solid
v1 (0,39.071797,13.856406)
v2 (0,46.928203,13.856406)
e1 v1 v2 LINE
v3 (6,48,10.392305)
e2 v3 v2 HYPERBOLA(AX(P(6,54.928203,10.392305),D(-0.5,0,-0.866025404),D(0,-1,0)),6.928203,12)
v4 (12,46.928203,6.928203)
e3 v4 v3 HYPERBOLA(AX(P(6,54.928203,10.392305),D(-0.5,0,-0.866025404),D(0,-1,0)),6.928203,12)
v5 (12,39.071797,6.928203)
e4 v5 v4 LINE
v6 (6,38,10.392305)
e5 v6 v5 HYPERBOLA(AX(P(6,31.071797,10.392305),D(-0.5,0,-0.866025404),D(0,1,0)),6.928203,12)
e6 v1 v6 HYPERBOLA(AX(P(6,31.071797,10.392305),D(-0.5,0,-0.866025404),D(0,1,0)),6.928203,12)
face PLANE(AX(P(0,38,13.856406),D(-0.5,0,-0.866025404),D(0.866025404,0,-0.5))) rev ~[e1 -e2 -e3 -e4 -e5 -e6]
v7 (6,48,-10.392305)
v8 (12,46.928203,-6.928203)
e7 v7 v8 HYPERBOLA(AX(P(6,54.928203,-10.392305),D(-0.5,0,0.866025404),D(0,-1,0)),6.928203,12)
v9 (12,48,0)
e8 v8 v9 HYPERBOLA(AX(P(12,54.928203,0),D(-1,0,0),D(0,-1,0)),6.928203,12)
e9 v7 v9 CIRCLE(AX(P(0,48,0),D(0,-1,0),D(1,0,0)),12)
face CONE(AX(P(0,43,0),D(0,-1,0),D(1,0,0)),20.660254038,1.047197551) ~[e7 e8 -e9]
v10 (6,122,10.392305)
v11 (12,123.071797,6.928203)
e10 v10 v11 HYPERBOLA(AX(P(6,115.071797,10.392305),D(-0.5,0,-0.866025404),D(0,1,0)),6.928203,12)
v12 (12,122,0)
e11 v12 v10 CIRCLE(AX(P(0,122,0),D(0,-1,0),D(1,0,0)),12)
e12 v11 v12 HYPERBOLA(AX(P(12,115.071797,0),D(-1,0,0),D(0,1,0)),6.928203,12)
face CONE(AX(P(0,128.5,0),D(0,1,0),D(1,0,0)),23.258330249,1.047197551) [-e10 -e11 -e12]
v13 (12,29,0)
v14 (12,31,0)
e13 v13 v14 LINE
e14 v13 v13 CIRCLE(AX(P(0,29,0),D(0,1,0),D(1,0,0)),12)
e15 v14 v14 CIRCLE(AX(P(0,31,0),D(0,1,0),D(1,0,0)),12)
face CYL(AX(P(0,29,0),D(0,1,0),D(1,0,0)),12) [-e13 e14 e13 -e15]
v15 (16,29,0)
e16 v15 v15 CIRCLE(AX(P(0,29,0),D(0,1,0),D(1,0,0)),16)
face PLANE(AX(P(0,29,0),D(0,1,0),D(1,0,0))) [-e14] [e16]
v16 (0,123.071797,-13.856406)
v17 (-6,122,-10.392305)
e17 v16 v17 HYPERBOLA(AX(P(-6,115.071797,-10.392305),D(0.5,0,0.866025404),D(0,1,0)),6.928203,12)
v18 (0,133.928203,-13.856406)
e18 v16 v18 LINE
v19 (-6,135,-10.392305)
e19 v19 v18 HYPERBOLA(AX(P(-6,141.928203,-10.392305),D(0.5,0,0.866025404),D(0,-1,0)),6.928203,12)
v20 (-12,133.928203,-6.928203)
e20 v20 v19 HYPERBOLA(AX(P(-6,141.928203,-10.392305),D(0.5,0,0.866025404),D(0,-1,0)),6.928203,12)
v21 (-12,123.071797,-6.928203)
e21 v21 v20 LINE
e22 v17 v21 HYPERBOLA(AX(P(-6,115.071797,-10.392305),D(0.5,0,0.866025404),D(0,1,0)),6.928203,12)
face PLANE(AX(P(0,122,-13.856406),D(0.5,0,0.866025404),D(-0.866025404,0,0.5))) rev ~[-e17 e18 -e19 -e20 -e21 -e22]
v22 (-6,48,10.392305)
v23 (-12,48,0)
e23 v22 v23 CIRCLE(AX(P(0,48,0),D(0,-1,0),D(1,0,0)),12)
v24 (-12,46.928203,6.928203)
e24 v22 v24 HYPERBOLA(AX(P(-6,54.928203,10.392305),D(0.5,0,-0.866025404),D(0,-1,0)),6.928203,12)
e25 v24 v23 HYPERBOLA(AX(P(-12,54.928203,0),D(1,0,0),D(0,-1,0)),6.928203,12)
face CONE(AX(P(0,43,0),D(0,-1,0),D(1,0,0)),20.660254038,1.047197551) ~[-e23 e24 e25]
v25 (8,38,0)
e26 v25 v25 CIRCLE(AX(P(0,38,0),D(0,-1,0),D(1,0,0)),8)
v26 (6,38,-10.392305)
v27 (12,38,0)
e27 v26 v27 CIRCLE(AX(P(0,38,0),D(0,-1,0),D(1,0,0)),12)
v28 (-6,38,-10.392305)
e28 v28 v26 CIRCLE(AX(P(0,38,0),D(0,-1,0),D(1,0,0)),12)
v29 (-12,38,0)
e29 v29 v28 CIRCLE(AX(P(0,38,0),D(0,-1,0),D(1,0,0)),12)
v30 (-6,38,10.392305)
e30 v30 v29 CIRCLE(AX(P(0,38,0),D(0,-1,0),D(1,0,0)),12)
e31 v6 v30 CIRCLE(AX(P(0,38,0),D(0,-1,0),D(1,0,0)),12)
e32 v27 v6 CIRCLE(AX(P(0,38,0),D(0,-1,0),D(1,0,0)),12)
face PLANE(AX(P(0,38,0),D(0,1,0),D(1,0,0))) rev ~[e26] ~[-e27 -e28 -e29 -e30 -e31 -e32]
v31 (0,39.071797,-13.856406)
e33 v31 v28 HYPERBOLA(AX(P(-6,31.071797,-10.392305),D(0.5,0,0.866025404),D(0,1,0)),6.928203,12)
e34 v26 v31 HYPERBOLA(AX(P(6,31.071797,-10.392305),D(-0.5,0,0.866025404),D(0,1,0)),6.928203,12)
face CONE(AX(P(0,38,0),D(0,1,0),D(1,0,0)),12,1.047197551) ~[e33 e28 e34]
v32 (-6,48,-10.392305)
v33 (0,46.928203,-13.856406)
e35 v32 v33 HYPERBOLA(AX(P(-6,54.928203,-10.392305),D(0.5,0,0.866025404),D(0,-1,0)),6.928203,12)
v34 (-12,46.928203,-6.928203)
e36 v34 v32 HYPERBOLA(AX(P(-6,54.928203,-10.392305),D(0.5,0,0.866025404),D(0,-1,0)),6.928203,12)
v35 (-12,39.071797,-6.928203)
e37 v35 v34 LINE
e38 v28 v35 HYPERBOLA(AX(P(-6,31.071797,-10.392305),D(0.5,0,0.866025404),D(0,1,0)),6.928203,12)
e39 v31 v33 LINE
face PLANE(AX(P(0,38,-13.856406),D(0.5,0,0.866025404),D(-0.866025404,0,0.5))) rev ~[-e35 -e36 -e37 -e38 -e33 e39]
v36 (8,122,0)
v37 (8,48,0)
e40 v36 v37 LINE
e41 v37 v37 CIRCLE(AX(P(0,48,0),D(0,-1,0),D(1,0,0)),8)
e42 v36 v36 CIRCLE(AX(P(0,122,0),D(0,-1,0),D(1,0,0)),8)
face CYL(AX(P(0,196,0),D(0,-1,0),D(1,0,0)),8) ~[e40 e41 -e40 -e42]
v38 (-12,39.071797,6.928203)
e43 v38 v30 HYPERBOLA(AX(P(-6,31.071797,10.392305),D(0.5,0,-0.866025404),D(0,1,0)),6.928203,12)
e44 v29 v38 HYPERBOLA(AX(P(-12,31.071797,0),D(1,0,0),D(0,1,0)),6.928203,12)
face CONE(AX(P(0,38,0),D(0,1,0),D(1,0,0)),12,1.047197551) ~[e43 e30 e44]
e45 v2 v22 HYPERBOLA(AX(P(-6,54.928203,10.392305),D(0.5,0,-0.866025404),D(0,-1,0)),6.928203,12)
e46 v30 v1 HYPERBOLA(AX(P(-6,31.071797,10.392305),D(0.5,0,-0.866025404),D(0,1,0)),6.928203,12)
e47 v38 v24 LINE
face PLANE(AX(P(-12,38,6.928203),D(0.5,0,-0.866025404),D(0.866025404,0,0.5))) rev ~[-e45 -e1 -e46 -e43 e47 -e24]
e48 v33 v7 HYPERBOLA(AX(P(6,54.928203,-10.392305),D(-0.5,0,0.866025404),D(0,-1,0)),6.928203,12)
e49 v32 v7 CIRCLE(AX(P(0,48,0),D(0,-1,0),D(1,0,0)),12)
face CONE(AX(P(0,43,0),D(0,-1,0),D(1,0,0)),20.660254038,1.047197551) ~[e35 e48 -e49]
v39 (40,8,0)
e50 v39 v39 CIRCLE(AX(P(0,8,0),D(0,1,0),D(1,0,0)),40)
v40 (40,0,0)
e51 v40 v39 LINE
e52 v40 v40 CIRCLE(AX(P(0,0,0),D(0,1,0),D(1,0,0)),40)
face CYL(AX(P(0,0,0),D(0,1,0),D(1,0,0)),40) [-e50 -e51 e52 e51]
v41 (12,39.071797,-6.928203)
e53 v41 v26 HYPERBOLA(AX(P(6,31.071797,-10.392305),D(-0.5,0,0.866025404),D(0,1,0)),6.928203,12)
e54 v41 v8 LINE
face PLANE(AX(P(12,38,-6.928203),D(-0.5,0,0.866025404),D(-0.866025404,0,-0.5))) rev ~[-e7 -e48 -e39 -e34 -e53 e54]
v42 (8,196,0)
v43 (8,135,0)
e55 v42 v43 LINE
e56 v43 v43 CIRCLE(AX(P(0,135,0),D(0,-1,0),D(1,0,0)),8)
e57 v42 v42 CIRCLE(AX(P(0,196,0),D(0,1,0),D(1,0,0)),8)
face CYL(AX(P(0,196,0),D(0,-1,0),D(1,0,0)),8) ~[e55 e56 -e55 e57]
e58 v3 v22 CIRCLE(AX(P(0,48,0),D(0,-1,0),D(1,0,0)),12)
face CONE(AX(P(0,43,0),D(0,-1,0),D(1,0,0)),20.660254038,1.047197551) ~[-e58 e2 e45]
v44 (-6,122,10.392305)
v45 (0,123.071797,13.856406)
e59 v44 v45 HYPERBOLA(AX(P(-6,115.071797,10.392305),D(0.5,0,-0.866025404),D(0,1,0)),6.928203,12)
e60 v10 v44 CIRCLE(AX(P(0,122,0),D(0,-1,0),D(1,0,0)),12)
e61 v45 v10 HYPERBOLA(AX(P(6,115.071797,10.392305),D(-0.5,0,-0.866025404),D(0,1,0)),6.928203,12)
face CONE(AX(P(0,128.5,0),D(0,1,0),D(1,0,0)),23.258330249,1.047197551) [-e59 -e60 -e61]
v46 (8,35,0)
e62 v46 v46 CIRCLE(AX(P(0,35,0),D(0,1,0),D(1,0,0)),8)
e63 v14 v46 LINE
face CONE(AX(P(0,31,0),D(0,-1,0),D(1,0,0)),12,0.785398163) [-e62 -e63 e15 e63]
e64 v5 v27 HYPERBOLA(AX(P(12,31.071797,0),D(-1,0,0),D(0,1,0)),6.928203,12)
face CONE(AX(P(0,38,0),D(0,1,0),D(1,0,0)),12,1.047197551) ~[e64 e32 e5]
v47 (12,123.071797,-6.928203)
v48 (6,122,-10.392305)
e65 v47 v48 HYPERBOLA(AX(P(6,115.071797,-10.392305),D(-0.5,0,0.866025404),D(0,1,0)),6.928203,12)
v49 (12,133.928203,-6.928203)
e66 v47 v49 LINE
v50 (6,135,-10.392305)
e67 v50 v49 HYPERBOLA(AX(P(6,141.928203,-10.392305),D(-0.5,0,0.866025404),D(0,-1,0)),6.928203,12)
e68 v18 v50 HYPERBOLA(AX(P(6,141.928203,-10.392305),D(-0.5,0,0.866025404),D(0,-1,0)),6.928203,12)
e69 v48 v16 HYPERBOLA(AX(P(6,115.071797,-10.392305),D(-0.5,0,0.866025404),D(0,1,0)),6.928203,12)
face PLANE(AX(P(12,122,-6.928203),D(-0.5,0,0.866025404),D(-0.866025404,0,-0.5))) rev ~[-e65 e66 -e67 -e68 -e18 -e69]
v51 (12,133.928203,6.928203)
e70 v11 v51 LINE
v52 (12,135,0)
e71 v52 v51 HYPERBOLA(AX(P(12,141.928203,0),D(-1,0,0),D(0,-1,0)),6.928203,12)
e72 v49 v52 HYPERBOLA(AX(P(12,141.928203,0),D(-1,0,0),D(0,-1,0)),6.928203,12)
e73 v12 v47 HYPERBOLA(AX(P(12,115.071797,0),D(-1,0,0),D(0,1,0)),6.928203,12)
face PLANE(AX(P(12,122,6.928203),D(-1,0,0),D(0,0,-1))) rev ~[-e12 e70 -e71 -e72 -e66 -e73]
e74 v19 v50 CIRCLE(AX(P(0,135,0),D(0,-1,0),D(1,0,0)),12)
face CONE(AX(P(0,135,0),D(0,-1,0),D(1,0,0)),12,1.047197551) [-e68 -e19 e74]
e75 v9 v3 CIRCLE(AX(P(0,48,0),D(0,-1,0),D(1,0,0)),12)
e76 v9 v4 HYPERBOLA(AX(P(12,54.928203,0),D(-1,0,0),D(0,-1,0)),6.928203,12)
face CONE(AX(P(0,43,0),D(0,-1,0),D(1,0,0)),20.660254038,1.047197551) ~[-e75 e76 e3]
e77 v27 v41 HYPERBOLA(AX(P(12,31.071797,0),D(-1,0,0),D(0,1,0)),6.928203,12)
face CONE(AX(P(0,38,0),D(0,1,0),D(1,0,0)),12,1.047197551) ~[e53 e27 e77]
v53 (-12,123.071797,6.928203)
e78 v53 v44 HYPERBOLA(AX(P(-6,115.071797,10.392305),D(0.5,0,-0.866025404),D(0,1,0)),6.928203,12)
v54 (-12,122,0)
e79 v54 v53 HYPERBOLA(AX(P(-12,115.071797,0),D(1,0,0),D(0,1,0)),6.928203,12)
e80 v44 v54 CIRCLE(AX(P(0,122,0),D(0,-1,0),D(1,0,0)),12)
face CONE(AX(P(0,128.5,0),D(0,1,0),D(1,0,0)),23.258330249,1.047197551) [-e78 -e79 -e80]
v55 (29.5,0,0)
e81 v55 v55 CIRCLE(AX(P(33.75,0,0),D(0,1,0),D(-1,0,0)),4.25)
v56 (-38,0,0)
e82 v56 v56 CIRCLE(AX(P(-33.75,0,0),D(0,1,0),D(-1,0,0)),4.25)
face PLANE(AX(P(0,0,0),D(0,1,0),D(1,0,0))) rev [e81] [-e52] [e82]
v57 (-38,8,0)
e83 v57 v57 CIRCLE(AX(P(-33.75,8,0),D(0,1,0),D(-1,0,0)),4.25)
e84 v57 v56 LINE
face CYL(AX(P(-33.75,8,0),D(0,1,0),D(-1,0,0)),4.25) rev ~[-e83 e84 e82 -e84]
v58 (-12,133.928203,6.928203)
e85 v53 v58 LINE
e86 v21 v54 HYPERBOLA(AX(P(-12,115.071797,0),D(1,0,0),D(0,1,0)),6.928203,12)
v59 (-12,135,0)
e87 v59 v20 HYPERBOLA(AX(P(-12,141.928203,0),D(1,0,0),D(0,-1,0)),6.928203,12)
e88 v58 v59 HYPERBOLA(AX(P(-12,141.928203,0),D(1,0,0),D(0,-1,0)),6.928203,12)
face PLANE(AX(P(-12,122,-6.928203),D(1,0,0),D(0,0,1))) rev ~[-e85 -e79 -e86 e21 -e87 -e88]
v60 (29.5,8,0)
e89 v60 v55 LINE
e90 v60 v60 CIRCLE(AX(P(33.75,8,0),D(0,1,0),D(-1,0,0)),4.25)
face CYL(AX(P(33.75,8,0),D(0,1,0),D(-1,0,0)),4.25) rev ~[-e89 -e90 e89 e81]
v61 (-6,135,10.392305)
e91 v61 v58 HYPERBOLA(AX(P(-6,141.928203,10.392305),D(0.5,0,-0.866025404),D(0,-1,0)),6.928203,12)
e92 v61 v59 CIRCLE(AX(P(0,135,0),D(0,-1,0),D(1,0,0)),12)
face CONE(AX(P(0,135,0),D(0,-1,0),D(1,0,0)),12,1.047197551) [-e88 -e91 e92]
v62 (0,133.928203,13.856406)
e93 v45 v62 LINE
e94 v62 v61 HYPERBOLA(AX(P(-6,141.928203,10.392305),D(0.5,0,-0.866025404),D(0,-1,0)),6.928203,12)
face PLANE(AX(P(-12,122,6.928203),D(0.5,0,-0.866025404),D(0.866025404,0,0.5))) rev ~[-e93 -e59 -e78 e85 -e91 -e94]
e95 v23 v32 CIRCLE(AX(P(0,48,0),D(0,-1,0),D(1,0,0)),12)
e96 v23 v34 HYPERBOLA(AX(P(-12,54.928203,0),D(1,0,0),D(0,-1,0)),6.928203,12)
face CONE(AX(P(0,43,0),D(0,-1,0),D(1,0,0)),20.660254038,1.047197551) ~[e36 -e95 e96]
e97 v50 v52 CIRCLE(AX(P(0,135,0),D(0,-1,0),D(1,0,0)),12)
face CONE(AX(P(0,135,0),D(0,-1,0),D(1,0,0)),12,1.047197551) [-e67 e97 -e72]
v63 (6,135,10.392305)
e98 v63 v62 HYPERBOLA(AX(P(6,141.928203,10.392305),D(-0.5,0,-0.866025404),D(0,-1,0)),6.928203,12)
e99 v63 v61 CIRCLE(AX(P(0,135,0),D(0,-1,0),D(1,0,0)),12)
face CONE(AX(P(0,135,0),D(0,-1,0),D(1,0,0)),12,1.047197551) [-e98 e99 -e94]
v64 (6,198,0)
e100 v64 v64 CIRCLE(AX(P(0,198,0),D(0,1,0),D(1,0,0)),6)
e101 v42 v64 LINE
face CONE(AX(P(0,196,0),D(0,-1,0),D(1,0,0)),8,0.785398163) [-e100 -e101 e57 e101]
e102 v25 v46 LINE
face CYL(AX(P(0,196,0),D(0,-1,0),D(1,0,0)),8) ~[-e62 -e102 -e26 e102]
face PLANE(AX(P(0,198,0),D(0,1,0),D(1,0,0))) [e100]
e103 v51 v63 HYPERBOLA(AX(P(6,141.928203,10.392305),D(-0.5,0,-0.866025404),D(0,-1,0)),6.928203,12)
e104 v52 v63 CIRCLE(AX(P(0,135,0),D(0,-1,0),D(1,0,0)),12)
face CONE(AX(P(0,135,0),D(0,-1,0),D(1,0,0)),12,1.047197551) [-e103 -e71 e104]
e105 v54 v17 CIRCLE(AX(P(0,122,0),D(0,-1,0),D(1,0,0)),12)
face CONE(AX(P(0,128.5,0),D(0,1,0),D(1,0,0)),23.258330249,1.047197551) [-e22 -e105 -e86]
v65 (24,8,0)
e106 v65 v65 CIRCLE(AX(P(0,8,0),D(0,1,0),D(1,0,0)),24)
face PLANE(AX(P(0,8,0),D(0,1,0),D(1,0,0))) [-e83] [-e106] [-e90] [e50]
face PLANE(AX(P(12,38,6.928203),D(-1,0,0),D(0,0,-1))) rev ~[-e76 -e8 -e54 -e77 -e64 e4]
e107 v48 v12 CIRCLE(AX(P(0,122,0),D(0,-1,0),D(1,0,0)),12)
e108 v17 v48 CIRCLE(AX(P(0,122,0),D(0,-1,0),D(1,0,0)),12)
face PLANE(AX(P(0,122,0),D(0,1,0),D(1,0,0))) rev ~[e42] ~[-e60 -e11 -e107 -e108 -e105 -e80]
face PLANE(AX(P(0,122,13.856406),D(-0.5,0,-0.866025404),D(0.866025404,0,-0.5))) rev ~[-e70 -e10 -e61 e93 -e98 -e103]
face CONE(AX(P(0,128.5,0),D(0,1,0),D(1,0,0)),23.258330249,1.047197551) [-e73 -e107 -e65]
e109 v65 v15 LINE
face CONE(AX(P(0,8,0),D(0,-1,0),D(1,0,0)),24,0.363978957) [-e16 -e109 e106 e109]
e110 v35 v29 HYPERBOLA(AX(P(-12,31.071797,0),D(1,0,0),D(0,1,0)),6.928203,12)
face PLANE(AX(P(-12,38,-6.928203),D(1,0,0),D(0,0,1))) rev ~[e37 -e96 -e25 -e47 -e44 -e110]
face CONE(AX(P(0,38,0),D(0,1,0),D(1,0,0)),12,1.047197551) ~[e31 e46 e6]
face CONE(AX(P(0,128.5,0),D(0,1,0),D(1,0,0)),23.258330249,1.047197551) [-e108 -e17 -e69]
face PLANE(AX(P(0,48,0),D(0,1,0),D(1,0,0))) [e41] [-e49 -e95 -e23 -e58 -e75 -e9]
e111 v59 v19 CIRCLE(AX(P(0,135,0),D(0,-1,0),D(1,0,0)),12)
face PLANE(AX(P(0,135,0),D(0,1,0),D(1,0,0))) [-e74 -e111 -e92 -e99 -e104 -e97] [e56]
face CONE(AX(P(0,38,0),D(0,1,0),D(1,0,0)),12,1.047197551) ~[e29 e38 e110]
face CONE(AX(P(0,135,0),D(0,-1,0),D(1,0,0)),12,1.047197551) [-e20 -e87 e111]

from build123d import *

# Parameters (mm, degrees)
EXTRUDE_1_DEPTH     = 10
EXTRUDE_2_DEPTH     = 13
SKETCH_5_R          = 4.25
CUT_EXTRUDE_1_DEPTH = 9


with BuildPart() as part:
    # Эскиз1 → Повернуть1 (revolve)
    with BuildSketch(Plane.XY, mode=Mode.PRIVATE) as revolve_1_sk:
        Polygon((0, 0), (-40, 0), (-40, 8), (-24, 8), (-16, 29), (-12, 29), (-12, 31), (-8, 35), (-8, 38), (-8, 48), (-8, 196), (-6, 198), (0, 198), align=None)
    revolve(revolve_1_sk.sketch.rotate(Axis((0, 0, 0), (0, 1, 0)), 180), axis=Axis((0, 0, 0), (0, 1, 0)))  # turned: the seam where the file's is

    # Эскиз2 → Бобышка-Вытянуть1 (add)
    with BuildSketch(Plane(origin=(0, 38, 0), x_dir=(1, 0, 0), z_dir=(0, 1, 0))):
        Polygon((0, 13.856406461), (-12, 6.92820323), (-12, -6.92820323), (0, -13.856406461), (12, -6.92820323), (12, 6.92820323), align=None)
    extrude(amount=EXTRUDE_1_DEPTH)

    # Эскиз3 → Бобышка-Вытянуть2 (add)
    with BuildSketch(Plane(origin=(0, 122, 0), x_dir=(1, 0, 0), z_dir=(0, 1, 0))):
        Polygon((12, 6.92820323), (0, 13.856406461), (-12, 6.92820323), (-12, -6.92820323), (0, -13.856406461), (12, -6.92820323), align=None)
    extrude(amount=EXTRUDE_2_DEPTH)

    # Эскиз4 → Вырез-Повернуть2 (revolve, cut)
    with BuildSketch(Plane.XY, mode=Mode.PRIVATE) as cut_revolve_2_sk:
        Polygon((-23.258330249, 135), (-12, 135), (-23.258330249, 128.5), align=None)
        Polygon((-23.258330249, 122), (-23.258330249, 128.5), (-12, 122), align=None)
        Polygon((-20.660254038, 48), (-20.660254038, 43), (-12, 48), align=None)
        Polygon((-20.660254038, 43), (-20.660254038, 38), (-12, 38), align=None)
    revolve(cut_revolve_2_sk.sketch.rotate(Axis((0, 198, 0), (0, -1, 0)), 180), axis=Axis((0, 198, 0), (0, -1, 0)), mode=Mode.SUBTRACT)  # turned: the seam where the file's is

    # Эскиз5 → Вырез-Вытянуть1 (cut, through all)
    with BuildSketch(Plane(origin=(0, 8, 0), x_dir=(1, 0, 0), z_dir=(0, 1, 0))):
        with Locations(Location((-33.75, 0, 0), (0, 0, 180))):  # turned: the seam where the file's is
            Circle(SKETCH_5_R)
        with Locations(Location((33.75, 0, 0), (0, 0, 180))):  # turned: the seam where the file's is
            Circle(SKETCH_5_R)
    extrude(amount=-CUT_EXTRUDE_1_DEPTH, mode=Mode.SUBTRACT)


solid = part.part
